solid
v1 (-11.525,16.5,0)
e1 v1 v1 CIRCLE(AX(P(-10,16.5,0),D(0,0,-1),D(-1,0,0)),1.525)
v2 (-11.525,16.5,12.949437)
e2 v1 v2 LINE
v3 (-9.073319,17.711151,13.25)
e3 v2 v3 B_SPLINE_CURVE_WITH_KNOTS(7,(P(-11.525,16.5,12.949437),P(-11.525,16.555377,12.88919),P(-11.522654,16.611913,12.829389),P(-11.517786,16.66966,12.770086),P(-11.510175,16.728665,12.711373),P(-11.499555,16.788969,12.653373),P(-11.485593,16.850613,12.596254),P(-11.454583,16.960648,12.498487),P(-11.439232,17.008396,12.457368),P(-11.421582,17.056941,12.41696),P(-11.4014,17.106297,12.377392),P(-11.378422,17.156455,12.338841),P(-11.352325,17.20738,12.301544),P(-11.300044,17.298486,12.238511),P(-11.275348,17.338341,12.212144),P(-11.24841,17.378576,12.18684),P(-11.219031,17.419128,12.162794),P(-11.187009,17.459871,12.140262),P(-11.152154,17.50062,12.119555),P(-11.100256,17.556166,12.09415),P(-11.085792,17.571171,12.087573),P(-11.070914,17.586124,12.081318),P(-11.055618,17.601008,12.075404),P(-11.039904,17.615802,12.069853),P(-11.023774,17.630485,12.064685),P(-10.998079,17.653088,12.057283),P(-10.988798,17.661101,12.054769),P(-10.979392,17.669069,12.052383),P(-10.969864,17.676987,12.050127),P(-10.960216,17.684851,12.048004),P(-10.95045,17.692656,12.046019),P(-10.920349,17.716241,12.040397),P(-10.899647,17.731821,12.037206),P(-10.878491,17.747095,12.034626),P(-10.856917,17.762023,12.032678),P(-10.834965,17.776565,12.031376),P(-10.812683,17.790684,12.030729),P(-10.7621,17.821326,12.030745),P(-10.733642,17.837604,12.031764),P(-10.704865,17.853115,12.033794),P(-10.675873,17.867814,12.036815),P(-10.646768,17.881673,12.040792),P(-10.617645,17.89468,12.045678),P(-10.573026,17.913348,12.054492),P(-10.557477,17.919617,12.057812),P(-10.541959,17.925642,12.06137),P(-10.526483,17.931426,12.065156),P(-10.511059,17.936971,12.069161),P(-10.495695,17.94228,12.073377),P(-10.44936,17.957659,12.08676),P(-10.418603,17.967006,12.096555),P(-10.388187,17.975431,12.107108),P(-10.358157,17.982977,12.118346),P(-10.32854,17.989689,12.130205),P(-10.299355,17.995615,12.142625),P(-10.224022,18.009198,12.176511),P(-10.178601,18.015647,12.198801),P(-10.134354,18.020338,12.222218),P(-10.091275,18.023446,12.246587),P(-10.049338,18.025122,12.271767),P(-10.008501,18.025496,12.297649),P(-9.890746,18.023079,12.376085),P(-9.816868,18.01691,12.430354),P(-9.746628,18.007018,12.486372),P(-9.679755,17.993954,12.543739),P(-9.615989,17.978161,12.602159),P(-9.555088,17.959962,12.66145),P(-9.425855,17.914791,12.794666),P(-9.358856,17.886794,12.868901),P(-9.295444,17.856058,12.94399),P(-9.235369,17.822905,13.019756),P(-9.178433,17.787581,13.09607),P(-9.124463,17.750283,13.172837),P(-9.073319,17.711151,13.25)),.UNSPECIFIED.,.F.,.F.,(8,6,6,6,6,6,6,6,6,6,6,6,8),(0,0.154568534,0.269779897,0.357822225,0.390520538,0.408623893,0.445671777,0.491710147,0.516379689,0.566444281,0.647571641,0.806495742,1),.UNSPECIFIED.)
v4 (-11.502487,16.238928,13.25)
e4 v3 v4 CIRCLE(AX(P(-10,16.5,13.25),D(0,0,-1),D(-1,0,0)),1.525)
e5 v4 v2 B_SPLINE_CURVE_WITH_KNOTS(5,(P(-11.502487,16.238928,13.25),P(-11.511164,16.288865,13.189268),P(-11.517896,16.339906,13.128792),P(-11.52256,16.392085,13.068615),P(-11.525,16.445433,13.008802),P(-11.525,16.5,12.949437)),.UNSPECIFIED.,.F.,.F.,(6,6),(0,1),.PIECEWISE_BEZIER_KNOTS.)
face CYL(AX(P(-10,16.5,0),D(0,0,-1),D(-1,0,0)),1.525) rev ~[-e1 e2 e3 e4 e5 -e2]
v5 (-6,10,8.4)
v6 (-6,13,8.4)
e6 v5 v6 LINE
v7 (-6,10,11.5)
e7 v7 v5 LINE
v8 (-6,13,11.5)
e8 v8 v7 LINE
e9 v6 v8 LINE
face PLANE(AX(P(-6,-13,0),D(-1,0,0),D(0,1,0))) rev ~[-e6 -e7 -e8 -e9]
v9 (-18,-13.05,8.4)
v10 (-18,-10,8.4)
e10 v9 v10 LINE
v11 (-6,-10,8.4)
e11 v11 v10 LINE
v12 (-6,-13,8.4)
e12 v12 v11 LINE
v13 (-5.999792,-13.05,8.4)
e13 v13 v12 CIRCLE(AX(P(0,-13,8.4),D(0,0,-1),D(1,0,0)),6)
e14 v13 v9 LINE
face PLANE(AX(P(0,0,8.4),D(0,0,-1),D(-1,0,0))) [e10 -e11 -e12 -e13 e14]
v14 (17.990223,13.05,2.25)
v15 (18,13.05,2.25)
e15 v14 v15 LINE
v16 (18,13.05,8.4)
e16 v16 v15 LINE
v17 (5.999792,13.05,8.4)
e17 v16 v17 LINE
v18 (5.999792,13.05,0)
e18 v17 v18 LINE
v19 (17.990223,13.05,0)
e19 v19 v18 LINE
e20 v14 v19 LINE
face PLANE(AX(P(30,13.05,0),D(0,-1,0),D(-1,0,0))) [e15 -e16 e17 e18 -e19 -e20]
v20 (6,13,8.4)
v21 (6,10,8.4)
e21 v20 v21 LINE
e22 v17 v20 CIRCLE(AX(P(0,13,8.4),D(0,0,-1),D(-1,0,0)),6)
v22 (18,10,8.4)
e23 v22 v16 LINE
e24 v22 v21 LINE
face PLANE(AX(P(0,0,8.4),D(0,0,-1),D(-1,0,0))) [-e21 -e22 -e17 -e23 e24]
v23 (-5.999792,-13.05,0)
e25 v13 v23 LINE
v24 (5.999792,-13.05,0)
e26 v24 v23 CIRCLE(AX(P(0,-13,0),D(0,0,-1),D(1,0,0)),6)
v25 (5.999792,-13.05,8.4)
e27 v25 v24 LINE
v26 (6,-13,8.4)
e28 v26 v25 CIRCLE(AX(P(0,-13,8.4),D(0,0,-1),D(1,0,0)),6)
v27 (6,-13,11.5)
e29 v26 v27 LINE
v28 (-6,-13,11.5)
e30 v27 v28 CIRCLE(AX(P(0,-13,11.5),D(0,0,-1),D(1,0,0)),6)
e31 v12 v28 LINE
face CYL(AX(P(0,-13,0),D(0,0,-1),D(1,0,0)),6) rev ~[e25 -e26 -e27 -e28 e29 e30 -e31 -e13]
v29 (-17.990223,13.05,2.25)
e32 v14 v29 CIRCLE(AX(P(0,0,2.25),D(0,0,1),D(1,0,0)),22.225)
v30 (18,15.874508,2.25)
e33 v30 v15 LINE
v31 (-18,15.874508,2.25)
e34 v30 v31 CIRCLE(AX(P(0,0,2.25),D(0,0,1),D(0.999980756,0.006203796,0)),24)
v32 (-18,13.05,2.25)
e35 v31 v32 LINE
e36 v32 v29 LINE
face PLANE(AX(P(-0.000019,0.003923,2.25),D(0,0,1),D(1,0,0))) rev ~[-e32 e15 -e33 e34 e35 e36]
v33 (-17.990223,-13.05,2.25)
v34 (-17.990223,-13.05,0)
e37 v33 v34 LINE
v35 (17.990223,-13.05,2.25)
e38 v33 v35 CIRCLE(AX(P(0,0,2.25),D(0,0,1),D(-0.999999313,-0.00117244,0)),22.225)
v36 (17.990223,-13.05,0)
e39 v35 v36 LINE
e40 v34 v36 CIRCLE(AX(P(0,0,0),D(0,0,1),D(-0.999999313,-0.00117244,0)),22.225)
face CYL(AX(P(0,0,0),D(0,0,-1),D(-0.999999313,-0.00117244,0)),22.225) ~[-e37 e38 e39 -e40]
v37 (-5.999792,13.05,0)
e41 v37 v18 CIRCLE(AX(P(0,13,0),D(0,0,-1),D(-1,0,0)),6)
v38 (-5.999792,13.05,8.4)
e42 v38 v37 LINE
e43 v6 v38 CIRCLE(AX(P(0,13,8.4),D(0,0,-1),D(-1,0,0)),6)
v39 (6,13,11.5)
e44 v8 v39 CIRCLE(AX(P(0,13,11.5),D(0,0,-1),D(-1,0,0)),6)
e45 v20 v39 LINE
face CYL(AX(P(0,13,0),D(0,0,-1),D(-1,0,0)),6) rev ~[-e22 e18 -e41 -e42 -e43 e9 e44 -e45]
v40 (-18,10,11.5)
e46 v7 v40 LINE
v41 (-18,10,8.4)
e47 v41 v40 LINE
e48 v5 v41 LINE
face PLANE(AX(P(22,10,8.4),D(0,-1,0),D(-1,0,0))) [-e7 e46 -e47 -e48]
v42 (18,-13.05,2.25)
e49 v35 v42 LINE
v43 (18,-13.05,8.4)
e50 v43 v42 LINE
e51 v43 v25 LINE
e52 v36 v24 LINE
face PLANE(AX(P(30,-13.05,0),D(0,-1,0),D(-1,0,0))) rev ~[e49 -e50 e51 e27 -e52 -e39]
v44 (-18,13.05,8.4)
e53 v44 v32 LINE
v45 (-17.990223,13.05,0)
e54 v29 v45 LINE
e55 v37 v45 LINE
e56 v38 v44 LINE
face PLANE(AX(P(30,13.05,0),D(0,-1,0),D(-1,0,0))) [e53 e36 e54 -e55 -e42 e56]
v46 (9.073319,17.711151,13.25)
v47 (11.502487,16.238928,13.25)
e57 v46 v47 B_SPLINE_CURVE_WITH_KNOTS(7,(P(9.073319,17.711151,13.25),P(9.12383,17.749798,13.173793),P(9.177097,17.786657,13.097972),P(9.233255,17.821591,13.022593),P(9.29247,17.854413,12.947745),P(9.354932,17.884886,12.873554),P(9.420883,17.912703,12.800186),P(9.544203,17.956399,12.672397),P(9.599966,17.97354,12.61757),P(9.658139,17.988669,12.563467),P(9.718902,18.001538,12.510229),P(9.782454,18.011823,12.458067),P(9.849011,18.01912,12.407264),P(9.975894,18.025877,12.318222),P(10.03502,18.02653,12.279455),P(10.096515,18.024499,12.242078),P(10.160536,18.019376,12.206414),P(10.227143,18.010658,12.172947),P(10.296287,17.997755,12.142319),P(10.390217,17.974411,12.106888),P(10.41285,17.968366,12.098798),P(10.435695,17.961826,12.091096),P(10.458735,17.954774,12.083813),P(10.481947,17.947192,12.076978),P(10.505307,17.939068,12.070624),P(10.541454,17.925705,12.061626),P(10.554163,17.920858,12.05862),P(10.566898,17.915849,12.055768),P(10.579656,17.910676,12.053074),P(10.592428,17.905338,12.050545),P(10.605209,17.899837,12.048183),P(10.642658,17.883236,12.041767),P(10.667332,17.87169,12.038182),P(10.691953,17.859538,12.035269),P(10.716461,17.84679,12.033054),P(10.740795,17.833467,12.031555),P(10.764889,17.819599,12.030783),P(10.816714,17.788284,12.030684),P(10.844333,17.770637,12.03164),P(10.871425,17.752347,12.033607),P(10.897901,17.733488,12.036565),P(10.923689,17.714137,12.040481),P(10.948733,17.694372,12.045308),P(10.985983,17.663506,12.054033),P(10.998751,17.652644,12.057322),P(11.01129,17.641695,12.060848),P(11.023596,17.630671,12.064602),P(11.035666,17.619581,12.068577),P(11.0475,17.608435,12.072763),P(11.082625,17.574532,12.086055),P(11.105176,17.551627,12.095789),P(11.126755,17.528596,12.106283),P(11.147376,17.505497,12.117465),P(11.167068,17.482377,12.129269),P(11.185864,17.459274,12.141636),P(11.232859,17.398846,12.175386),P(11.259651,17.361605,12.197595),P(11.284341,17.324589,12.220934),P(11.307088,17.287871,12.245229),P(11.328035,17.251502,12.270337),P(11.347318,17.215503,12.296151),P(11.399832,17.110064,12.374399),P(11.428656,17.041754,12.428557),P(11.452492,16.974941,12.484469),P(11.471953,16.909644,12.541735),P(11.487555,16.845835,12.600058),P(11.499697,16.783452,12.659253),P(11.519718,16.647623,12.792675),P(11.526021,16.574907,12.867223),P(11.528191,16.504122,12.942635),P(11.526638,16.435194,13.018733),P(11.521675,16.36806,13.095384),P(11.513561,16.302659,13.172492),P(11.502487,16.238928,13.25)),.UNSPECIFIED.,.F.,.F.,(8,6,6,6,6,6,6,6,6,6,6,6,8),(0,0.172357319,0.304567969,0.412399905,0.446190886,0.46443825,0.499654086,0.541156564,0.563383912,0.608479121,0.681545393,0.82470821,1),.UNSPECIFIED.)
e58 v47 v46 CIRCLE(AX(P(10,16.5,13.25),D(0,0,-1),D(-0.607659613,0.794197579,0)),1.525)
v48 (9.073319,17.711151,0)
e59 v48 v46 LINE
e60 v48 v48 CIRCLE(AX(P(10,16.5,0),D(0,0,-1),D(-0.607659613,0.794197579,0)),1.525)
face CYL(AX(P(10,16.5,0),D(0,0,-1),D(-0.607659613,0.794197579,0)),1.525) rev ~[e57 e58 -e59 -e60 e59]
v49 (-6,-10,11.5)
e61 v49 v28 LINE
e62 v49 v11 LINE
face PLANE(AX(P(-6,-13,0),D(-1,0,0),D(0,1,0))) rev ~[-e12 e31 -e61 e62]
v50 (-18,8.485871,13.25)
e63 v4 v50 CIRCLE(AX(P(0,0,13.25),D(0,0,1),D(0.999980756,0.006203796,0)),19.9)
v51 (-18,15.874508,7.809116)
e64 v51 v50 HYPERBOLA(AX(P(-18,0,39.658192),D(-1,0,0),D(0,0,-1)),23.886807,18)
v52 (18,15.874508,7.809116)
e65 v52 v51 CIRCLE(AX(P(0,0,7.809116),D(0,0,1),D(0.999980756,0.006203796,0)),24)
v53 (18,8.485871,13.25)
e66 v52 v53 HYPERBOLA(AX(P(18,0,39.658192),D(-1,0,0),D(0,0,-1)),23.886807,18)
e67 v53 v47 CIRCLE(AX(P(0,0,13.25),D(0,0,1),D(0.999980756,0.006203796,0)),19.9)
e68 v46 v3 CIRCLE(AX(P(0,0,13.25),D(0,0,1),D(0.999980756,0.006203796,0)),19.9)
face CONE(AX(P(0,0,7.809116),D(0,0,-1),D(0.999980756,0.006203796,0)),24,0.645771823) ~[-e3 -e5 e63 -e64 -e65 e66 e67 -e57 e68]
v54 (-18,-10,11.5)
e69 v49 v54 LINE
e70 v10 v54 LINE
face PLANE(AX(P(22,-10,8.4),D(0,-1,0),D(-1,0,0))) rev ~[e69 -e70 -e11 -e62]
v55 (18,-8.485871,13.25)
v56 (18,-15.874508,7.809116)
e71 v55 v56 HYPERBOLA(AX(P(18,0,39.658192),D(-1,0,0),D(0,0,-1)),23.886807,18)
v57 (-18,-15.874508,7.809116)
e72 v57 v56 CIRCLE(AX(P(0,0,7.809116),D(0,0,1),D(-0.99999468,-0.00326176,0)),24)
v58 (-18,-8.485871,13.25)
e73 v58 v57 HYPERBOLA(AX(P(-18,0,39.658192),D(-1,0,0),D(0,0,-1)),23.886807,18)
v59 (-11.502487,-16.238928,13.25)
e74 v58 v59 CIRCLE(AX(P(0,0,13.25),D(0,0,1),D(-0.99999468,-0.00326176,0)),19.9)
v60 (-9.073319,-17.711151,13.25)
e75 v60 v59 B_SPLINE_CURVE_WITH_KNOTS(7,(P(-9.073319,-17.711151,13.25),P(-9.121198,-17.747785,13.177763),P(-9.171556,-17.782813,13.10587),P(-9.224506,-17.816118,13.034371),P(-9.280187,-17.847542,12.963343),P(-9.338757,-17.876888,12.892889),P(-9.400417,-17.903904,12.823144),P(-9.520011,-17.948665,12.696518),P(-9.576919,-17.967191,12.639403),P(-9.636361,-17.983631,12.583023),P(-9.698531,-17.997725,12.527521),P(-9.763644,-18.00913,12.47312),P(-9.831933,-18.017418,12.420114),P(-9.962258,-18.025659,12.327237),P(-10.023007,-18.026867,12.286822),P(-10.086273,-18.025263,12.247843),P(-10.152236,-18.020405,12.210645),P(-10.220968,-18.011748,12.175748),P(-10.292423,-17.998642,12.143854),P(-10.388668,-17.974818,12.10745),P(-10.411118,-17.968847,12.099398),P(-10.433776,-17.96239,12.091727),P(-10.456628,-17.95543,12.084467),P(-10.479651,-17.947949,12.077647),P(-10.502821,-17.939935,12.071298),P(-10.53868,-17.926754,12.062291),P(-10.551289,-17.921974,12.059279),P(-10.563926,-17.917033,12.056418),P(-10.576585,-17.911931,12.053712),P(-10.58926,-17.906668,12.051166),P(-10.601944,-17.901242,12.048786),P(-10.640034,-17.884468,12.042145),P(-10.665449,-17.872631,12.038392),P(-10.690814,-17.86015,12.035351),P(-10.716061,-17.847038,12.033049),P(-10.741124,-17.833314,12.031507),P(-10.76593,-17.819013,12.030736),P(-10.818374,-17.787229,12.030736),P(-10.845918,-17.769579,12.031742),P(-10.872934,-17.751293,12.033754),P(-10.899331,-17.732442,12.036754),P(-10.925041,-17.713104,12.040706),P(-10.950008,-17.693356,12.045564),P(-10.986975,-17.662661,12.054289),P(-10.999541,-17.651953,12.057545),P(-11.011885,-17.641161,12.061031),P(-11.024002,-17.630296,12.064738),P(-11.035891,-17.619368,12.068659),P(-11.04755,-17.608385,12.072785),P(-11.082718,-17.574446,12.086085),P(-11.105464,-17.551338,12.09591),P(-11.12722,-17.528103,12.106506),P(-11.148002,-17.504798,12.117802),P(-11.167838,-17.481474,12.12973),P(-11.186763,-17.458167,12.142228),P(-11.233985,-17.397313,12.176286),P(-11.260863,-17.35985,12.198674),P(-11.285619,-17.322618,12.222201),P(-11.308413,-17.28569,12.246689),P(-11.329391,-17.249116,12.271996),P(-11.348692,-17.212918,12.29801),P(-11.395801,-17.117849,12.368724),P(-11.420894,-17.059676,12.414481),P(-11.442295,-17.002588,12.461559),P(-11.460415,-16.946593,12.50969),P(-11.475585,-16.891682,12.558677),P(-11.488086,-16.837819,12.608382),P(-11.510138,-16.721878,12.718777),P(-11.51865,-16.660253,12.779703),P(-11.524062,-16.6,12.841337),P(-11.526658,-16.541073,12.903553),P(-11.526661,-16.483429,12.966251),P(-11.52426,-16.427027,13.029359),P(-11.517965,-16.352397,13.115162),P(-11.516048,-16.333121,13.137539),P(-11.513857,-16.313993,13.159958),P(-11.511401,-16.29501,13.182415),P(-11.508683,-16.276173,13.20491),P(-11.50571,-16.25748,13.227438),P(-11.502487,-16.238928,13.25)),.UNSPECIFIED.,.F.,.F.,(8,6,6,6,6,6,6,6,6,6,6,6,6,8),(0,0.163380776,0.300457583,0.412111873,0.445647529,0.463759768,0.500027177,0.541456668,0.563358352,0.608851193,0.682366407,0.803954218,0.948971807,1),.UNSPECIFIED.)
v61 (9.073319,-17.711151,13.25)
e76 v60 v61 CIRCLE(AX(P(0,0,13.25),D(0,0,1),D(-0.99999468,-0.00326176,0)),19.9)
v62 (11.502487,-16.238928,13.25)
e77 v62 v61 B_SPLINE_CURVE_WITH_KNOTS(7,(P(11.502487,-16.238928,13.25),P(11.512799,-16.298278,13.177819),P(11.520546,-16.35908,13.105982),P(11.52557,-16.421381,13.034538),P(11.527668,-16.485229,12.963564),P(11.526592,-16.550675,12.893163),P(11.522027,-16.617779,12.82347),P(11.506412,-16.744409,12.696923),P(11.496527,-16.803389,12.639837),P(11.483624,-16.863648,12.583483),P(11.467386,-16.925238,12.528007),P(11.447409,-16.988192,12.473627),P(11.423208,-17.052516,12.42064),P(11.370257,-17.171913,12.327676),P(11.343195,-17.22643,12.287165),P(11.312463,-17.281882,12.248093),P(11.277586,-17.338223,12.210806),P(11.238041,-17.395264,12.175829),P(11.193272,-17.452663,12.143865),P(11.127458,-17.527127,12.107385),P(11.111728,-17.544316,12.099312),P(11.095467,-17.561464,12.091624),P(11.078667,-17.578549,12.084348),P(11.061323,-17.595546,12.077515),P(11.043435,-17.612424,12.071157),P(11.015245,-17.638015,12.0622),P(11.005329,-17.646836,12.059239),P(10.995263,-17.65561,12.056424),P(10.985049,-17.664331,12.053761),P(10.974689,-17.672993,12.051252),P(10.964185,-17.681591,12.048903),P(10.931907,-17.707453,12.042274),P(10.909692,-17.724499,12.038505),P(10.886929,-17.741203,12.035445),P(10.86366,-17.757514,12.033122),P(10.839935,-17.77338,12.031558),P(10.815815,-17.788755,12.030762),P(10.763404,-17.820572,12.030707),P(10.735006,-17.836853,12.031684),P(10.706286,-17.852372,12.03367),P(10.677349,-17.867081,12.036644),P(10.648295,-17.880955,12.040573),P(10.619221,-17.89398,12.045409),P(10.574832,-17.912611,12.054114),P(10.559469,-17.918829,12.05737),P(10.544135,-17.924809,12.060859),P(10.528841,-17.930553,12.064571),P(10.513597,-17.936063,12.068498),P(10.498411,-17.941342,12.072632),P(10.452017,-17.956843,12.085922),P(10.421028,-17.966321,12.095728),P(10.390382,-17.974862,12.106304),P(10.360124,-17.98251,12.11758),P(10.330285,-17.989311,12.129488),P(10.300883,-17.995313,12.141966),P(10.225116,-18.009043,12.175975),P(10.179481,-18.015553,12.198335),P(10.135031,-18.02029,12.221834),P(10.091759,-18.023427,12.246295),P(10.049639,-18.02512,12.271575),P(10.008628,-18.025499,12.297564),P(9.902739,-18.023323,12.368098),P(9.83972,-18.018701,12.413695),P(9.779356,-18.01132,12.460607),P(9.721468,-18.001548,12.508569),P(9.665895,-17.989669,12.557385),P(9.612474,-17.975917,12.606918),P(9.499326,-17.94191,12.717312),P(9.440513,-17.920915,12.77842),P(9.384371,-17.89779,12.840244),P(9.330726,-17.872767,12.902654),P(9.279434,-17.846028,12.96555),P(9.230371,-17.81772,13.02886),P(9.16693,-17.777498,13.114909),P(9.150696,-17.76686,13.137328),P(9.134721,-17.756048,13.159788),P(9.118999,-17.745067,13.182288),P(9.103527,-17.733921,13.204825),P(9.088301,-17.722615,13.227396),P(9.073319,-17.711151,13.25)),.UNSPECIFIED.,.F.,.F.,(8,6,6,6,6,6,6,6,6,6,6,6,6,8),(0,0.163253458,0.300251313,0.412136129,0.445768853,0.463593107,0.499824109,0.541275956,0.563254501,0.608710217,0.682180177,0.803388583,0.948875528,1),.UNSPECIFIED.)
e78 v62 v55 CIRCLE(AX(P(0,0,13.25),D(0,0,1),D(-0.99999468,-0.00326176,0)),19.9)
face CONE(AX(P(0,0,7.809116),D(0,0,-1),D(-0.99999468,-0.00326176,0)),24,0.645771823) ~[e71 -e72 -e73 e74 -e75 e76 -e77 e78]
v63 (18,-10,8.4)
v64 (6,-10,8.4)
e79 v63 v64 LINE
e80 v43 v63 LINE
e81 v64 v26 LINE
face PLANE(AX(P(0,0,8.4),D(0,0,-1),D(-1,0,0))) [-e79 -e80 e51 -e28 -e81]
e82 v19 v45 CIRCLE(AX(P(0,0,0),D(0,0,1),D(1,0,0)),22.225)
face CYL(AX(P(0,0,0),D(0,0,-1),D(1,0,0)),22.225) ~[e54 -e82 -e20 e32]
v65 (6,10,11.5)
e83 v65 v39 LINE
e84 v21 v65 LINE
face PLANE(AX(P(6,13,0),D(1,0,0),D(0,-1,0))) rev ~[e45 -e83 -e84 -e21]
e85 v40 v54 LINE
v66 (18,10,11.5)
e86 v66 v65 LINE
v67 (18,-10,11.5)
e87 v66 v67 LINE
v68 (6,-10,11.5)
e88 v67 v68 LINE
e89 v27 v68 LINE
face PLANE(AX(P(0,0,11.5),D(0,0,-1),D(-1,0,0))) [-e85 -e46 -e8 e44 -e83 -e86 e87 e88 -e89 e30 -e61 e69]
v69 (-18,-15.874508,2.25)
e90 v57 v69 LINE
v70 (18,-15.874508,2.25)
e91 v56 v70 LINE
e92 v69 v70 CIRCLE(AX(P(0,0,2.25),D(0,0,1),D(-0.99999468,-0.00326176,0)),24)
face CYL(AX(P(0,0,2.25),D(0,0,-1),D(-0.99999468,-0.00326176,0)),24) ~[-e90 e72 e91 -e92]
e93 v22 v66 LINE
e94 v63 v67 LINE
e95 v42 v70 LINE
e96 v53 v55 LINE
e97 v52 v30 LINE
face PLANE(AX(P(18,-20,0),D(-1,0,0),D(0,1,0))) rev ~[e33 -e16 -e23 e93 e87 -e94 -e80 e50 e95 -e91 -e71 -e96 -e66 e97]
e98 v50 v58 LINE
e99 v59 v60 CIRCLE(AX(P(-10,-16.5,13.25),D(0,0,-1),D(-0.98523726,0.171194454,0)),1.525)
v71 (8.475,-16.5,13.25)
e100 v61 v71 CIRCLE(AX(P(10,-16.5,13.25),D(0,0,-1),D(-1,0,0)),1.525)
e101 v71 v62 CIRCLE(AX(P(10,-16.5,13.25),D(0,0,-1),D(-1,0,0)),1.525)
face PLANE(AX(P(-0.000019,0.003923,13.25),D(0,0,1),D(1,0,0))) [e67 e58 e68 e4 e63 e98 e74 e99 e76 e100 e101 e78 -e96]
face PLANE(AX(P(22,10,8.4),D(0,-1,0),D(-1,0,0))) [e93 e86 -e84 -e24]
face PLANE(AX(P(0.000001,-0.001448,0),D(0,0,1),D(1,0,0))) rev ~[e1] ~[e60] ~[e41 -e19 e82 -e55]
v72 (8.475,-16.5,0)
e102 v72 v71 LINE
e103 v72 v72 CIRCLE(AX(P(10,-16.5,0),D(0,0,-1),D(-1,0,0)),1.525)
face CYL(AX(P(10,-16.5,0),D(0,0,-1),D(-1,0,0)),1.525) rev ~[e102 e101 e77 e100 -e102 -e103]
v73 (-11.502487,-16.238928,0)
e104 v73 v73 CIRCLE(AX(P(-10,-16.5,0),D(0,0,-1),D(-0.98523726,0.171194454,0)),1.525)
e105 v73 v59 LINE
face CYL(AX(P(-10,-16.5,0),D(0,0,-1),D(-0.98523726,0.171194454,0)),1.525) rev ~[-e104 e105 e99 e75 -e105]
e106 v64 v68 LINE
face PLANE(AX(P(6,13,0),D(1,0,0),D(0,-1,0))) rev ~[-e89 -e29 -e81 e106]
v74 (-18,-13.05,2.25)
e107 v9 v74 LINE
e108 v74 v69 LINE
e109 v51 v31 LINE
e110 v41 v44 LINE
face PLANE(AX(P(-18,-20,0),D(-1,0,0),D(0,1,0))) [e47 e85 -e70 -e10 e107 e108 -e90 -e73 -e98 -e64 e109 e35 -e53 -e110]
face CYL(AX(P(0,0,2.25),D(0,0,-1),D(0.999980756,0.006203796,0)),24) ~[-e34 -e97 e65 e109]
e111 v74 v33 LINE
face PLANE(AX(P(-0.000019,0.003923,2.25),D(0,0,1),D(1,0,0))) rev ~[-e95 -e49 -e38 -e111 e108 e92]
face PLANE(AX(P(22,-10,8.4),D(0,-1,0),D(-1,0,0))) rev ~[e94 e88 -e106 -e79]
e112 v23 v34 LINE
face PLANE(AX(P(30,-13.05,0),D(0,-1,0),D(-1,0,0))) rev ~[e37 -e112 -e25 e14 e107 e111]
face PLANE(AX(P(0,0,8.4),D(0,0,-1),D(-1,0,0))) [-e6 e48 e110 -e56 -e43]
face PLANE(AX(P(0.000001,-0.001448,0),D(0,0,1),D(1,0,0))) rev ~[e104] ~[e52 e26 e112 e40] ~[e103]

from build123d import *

# Parameters (mm, degrees)
EXTRUDE1_DEPTH     = 2.25
EXTRUDE2_DEPTH     = 11
CHAMFER1_SIZE      = 4.1
CHAMFER1_SIZE2     = 5.440883769
SKETCH6_W          = 60
SKETCH6_H          = 26.1
CUT_EXTRUDE1_DEPTH = 8.4
SKETCH9_W          = 10
SKETCH9_H          = 40
CUT_EXTRUDE3_DEPTH = 37.143991781
SKETCH10_W         = 44
SKETCH10_H         = 20
CUT_EXTRUDE4_DEPTH = 3.1
CUT_EXTRUDE8_REACH = 34.796
SKETCH16_R         = 1.525
CUT_EXTRUDE9_DEPTH = 33.795769544


with BuildPart() as part:
    # Sketch1 → Extrude1 (new body)
    with BuildSketch(Plane.XY):
        with BuildLine():
            ThreePointArc((-22.224984725, -0.026057486), (0.013028745, -22.224996181), (22.225, 0))
            ThreePointArc((22.225, 0), (-0.013028745, 22.224996181), (-22.224984725, -0.026057486))
        make_face()
    extrude(amount=EXTRUDE1_DEPTH)

    # Sketch2 → Extrude2 (add)
    with BuildSketch(Plane.XY.offset(2.25)):
        with BuildLine():
            ThreePointArc((-23.999872331, -0.078282234), (0.113586787, -23.999731208), (23.999538151, 0.148891095))
            ThreePointArc((23.999538151, 0.148891095), (-0.113586787, 23.999731208), (-23.999872331, -0.078282234))
        make_face()
    extrude(amount=EXTRUDE2_DEPTH)

    # Chamfer1
    chamfer1_edges = [part.edges().sort_by_distance(p)[0] for p in [
        (-23.999538151, -0.148891095, 13.25),
    ]]
    chamfer1_side = [part.faces().sort_by_distance(p)[0] for p in [
        (0, 0, 13.25),
    ]]
    chamfer(chamfer1_edges, length=CHAMFER1_SIZE, length2=CHAMFER1_SIZE2, reference=chamfer1_side[0])

    # Sketch6 → Cut-Extrude1 (cut)
    with BuildSketch(Plane(origin=(0, 0, 0), x_dir=(-1, 0, 0), z_dir=(0, 0, -1))):
        Rectangle(SKETCH6_W, SKETCH6_H)
    extrude(amount=-CUT_EXTRUDE1_DEPTH, mode=Mode.SUBTRACT)

    # Sketch9 → Cut-Extrude3 (cut, through all)
    with BuildSketch(Plane(origin=(0, 0, 0), x_dir=(-1, 0, 0), z_dir=(0, 0, -1))):
        with Locations((-23, 0)):
            Rectangle(SKETCH9_W, SKETCH9_H)
        with Locations((23, 0)):
            Rectangle(SKETCH9_W, SKETCH9_H)
    extrude(amount=-CUT_EXTRUDE3_DEPTH, mode=Mode.SUBTRACT)

    # Sketch10 → Cut-Extrude4 (cut)
    with BuildSketch(Plane(origin=(0, 0, 8.4), x_dir=(-1, 0, 0), z_dir=(0, 0, -1))):
        Rectangle(SKETCH10_W, SKETCH10_H)
    extrude(amount=-CUT_EXTRUDE4_DEPTH, mode=Mode.SUBTRACT)

    # Cut-Extrude8: up to this face of the body (flat: up to its plane)
    cut_extrude8_end = Plane(part.part.faces().sort_by_distance((0, 0, 11.5))[0])
    # Sketch15 → Cut-Extrude8 (cut, up to the picked face)
    with BuildSketch(Plane(origin=(0, 0, 0), x_dir=(-1, 0, 0), z_dir=(0, 0, -1)), mode=Mode.PRIVATE) as cut_extrude8_sk1:
        with BuildLine():
            Line((6, -13), (6, 13))
            ThreePointArc((6, 13), (0, 19), (-6, 13))
            Line((-6, 13), (-6, -13))
            ThreePointArc((-6, -13), (0, -19), (6, -13))
        make_face()
    cut_extrude8_tool1 = split(extrude(cut_extrude8_sk1.sketch, amount=-CUT_EXTRUDE8_REACH, mode=Mode.PRIVATE), bisect_by=cut_extrude8_end, keep=Keep.BOTH, mode=Mode.PRIVATE)
    add(cut_extrude8_tool1.solids().sort_by(Axis((0, 0, 0), (0, 0, 1)))[0], mode=Mode.SUBTRACT)

    # Sketch16 → Cut-Extrude9 (cut, through all)
    with BuildSketch(Plane(origin=(0, 0, 0), x_dir=(-1, 0, 0), z_dir=(0, 0, -1))):
        with Locations((-10, -16.5)):
            Circle(SKETCH16_R)
        with Locations(Location((10, -16.5, 0), (0, 0, 9.857274388))):
            Circle(SKETCH16_R)
        with Locations((10, 16.5)):
            Circle(SKETCH16_R)
        with Locations(Location((-10, 16.5, 0), (0, 0, 52.579530574))):
            Circle(SKETCH16_R)
    extrude(amount=-CUT_EXTRUDE9_DEPTH, mode=Mode.SUBTRACT)


solid = part.part
